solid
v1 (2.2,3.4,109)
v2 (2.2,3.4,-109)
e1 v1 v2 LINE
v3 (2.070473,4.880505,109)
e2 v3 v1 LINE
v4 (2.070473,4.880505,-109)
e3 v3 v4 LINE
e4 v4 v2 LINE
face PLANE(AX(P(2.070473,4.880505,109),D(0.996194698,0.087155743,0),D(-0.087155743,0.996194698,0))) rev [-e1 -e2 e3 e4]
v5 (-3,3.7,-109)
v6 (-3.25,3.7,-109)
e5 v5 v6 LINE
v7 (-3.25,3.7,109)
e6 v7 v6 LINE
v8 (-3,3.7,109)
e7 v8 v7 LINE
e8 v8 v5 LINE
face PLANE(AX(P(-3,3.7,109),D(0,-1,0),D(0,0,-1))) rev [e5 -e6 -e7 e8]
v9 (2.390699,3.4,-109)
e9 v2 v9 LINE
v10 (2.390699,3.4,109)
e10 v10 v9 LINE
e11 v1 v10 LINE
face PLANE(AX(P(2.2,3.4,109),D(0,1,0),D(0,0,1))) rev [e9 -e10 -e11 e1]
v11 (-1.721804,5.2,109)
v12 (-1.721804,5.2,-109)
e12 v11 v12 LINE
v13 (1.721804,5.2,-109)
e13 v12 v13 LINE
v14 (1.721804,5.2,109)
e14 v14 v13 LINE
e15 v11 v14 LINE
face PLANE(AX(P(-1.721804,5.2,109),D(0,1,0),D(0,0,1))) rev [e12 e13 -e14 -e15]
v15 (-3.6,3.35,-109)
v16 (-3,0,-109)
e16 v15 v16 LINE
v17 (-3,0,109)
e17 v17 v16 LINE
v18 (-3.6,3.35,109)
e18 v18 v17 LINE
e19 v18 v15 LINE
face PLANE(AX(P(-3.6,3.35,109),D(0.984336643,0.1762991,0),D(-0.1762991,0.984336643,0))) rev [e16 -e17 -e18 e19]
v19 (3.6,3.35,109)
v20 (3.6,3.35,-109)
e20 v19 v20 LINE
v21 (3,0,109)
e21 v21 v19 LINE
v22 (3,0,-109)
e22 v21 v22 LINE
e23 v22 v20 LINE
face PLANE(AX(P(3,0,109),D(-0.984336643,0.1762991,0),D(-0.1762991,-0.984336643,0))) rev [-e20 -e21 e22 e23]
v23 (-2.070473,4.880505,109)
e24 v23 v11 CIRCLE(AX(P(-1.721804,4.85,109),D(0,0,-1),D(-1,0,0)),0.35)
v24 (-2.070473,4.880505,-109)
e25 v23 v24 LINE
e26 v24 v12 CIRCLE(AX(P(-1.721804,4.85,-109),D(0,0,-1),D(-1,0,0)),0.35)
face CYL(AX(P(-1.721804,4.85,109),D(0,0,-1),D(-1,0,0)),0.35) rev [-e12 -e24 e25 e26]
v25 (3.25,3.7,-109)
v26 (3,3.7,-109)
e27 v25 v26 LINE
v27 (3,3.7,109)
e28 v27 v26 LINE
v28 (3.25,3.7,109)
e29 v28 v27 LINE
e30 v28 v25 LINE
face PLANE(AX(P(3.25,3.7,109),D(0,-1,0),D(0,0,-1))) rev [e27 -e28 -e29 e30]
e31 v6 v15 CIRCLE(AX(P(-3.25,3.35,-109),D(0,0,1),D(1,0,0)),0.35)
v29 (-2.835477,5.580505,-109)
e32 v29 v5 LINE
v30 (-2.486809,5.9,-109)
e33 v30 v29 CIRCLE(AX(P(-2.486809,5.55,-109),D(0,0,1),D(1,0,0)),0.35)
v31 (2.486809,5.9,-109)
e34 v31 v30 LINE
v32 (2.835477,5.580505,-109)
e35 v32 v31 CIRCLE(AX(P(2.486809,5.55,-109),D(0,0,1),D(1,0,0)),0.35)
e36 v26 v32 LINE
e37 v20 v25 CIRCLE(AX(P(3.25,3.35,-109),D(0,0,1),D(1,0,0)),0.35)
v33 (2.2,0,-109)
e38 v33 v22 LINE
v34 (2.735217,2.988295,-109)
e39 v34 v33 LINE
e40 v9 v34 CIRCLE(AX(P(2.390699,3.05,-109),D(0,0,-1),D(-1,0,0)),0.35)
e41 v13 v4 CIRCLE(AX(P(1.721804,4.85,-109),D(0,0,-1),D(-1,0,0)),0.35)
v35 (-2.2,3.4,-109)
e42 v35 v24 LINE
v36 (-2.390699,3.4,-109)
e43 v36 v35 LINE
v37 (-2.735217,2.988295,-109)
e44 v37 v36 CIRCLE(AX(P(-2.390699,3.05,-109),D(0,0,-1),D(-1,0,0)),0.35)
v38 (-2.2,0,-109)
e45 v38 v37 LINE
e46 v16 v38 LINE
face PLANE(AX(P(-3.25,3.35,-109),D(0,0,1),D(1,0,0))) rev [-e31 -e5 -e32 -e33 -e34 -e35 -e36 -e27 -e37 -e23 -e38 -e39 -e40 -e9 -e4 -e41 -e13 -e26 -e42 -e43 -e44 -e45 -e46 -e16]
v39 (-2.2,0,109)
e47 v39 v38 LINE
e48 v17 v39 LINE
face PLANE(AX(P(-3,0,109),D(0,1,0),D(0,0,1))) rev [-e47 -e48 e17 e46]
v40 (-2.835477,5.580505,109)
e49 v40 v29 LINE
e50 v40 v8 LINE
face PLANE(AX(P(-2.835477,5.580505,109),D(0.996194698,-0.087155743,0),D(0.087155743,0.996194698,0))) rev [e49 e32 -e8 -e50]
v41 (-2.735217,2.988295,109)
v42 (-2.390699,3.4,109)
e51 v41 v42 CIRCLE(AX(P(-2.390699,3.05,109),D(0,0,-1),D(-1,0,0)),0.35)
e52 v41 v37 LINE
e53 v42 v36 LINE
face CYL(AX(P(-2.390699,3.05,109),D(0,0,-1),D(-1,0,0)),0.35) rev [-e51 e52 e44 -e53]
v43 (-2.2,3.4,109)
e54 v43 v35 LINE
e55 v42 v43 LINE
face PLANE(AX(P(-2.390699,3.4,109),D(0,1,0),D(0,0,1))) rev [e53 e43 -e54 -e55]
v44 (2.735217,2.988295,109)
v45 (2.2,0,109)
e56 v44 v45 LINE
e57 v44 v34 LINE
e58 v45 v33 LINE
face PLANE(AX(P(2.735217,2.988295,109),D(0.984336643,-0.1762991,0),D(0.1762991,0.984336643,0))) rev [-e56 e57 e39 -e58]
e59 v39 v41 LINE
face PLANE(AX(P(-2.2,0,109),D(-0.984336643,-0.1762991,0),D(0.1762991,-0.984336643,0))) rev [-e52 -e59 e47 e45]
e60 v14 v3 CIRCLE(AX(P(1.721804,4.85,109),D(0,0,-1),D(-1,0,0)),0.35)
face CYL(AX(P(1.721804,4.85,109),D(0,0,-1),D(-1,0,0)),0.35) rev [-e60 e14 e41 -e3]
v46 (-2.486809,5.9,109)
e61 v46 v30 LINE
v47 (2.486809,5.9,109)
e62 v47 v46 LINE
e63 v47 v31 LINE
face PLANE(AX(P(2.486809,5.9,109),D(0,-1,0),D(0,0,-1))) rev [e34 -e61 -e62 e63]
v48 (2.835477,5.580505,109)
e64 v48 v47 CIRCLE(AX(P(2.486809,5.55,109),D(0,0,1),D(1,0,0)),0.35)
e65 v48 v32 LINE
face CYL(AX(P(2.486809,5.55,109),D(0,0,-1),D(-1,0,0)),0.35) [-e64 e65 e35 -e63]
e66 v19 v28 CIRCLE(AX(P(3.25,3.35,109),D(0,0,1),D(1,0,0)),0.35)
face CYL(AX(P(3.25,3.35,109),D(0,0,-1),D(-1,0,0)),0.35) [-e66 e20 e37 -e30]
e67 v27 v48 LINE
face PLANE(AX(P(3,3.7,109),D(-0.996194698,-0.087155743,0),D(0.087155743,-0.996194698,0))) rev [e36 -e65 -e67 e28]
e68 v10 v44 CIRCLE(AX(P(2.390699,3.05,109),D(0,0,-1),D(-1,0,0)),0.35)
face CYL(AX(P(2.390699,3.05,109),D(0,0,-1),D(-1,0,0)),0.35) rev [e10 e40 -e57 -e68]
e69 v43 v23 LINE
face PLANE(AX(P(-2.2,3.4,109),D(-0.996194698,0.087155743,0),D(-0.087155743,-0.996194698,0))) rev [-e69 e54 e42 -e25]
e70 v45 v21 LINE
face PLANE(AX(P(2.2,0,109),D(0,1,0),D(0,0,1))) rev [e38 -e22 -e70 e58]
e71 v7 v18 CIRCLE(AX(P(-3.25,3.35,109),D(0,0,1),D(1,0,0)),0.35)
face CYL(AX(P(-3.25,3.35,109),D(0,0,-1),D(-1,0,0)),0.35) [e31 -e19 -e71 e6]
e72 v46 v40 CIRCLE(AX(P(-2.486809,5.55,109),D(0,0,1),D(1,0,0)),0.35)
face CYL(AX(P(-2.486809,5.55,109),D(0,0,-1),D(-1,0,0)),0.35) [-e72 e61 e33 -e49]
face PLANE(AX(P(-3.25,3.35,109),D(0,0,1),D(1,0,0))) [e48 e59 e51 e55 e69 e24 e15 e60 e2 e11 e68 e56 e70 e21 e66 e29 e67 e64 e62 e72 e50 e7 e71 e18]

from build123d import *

# Parameters (mm, degrees)
BOSS_EXTRUDE1_DEPTH = 109


with BuildPart() as part:
    # Sketch1 → Boss-Extrude1 (new body, symmetric)
    with BuildSketch(Plane.XY):
        with BuildLine():
            Line((-3.6, 3.35), (-3, 0))
            Line((-3, 0), (-2.2, 0))
            Line((-2.2, 0), (-2.735217071, 2.988295315))
            ThreePointArc((-2.735217071, 2.988295315), (-2.659117427, 3.274614514), (-2.390699246, 3.4))
            Line((-2.390699246, 3.4), (-2.2, 3.4))
            Line((-2.2, 3.4), (-2.070472639, 4.88050451))
            ThreePointArc((-2.070472639, 4.88050451), (-1.958261067, 5.108047068), (-1.721804495, 5.2))
            Line((-1.721804495, 5.2), (1.721804495, 5.2))
            ThreePointArc((1.721804495, 5.2), (1.958261067, 5.108047068), (2.070472639, 4.88050451))
            Line((2.070472639, 4.88050451), (2.2, 3.4))
            Line((2.2, 3.4), (2.390699246, 3.4))
            ThreePointArc((2.390699246, 3.4), (2.659117427, 3.274614514), (2.735217071, 2.988295315))
            Line((2.735217071, 2.988295315), (2.2, 0))
            Line((2.2, 0), (3, 0))
            Line((3, 0), (3.6, 3.35))
            ThreePointArc((3.6, 3.35), (3.497487373, 3.597487373), (3.25, 3.7))
            Line((3.25, 3.7), (3, 3.7))
            Line((3, 3.7), (2.835477174, 5.58050451))
            ThreePointArc((2.835477174, 5.58050451), (2.723265602, 5.808047068), (2.486809029, 5.9))
            Line((2.486809029, 5.9), (-2.486809029, 5.9))
            ThreePointArc((-2.486809029, 5.9), (-2.723265602, 5.808047068), (-2.835477174, 5.58050451))
            Line((-2.835477174, 5.58050451), (-3, 3.7))
            Line((-3, 3.7), (-3.25, 3.7))
            ThreePointArc((-3.25, 3.7), (-3.497487373, 3.597487373), (-3.6, 3.35))
        make_face()
    extrude(amount=BOSS_EXTRUDE1_DEPTH, both=True)


solid = part.part
